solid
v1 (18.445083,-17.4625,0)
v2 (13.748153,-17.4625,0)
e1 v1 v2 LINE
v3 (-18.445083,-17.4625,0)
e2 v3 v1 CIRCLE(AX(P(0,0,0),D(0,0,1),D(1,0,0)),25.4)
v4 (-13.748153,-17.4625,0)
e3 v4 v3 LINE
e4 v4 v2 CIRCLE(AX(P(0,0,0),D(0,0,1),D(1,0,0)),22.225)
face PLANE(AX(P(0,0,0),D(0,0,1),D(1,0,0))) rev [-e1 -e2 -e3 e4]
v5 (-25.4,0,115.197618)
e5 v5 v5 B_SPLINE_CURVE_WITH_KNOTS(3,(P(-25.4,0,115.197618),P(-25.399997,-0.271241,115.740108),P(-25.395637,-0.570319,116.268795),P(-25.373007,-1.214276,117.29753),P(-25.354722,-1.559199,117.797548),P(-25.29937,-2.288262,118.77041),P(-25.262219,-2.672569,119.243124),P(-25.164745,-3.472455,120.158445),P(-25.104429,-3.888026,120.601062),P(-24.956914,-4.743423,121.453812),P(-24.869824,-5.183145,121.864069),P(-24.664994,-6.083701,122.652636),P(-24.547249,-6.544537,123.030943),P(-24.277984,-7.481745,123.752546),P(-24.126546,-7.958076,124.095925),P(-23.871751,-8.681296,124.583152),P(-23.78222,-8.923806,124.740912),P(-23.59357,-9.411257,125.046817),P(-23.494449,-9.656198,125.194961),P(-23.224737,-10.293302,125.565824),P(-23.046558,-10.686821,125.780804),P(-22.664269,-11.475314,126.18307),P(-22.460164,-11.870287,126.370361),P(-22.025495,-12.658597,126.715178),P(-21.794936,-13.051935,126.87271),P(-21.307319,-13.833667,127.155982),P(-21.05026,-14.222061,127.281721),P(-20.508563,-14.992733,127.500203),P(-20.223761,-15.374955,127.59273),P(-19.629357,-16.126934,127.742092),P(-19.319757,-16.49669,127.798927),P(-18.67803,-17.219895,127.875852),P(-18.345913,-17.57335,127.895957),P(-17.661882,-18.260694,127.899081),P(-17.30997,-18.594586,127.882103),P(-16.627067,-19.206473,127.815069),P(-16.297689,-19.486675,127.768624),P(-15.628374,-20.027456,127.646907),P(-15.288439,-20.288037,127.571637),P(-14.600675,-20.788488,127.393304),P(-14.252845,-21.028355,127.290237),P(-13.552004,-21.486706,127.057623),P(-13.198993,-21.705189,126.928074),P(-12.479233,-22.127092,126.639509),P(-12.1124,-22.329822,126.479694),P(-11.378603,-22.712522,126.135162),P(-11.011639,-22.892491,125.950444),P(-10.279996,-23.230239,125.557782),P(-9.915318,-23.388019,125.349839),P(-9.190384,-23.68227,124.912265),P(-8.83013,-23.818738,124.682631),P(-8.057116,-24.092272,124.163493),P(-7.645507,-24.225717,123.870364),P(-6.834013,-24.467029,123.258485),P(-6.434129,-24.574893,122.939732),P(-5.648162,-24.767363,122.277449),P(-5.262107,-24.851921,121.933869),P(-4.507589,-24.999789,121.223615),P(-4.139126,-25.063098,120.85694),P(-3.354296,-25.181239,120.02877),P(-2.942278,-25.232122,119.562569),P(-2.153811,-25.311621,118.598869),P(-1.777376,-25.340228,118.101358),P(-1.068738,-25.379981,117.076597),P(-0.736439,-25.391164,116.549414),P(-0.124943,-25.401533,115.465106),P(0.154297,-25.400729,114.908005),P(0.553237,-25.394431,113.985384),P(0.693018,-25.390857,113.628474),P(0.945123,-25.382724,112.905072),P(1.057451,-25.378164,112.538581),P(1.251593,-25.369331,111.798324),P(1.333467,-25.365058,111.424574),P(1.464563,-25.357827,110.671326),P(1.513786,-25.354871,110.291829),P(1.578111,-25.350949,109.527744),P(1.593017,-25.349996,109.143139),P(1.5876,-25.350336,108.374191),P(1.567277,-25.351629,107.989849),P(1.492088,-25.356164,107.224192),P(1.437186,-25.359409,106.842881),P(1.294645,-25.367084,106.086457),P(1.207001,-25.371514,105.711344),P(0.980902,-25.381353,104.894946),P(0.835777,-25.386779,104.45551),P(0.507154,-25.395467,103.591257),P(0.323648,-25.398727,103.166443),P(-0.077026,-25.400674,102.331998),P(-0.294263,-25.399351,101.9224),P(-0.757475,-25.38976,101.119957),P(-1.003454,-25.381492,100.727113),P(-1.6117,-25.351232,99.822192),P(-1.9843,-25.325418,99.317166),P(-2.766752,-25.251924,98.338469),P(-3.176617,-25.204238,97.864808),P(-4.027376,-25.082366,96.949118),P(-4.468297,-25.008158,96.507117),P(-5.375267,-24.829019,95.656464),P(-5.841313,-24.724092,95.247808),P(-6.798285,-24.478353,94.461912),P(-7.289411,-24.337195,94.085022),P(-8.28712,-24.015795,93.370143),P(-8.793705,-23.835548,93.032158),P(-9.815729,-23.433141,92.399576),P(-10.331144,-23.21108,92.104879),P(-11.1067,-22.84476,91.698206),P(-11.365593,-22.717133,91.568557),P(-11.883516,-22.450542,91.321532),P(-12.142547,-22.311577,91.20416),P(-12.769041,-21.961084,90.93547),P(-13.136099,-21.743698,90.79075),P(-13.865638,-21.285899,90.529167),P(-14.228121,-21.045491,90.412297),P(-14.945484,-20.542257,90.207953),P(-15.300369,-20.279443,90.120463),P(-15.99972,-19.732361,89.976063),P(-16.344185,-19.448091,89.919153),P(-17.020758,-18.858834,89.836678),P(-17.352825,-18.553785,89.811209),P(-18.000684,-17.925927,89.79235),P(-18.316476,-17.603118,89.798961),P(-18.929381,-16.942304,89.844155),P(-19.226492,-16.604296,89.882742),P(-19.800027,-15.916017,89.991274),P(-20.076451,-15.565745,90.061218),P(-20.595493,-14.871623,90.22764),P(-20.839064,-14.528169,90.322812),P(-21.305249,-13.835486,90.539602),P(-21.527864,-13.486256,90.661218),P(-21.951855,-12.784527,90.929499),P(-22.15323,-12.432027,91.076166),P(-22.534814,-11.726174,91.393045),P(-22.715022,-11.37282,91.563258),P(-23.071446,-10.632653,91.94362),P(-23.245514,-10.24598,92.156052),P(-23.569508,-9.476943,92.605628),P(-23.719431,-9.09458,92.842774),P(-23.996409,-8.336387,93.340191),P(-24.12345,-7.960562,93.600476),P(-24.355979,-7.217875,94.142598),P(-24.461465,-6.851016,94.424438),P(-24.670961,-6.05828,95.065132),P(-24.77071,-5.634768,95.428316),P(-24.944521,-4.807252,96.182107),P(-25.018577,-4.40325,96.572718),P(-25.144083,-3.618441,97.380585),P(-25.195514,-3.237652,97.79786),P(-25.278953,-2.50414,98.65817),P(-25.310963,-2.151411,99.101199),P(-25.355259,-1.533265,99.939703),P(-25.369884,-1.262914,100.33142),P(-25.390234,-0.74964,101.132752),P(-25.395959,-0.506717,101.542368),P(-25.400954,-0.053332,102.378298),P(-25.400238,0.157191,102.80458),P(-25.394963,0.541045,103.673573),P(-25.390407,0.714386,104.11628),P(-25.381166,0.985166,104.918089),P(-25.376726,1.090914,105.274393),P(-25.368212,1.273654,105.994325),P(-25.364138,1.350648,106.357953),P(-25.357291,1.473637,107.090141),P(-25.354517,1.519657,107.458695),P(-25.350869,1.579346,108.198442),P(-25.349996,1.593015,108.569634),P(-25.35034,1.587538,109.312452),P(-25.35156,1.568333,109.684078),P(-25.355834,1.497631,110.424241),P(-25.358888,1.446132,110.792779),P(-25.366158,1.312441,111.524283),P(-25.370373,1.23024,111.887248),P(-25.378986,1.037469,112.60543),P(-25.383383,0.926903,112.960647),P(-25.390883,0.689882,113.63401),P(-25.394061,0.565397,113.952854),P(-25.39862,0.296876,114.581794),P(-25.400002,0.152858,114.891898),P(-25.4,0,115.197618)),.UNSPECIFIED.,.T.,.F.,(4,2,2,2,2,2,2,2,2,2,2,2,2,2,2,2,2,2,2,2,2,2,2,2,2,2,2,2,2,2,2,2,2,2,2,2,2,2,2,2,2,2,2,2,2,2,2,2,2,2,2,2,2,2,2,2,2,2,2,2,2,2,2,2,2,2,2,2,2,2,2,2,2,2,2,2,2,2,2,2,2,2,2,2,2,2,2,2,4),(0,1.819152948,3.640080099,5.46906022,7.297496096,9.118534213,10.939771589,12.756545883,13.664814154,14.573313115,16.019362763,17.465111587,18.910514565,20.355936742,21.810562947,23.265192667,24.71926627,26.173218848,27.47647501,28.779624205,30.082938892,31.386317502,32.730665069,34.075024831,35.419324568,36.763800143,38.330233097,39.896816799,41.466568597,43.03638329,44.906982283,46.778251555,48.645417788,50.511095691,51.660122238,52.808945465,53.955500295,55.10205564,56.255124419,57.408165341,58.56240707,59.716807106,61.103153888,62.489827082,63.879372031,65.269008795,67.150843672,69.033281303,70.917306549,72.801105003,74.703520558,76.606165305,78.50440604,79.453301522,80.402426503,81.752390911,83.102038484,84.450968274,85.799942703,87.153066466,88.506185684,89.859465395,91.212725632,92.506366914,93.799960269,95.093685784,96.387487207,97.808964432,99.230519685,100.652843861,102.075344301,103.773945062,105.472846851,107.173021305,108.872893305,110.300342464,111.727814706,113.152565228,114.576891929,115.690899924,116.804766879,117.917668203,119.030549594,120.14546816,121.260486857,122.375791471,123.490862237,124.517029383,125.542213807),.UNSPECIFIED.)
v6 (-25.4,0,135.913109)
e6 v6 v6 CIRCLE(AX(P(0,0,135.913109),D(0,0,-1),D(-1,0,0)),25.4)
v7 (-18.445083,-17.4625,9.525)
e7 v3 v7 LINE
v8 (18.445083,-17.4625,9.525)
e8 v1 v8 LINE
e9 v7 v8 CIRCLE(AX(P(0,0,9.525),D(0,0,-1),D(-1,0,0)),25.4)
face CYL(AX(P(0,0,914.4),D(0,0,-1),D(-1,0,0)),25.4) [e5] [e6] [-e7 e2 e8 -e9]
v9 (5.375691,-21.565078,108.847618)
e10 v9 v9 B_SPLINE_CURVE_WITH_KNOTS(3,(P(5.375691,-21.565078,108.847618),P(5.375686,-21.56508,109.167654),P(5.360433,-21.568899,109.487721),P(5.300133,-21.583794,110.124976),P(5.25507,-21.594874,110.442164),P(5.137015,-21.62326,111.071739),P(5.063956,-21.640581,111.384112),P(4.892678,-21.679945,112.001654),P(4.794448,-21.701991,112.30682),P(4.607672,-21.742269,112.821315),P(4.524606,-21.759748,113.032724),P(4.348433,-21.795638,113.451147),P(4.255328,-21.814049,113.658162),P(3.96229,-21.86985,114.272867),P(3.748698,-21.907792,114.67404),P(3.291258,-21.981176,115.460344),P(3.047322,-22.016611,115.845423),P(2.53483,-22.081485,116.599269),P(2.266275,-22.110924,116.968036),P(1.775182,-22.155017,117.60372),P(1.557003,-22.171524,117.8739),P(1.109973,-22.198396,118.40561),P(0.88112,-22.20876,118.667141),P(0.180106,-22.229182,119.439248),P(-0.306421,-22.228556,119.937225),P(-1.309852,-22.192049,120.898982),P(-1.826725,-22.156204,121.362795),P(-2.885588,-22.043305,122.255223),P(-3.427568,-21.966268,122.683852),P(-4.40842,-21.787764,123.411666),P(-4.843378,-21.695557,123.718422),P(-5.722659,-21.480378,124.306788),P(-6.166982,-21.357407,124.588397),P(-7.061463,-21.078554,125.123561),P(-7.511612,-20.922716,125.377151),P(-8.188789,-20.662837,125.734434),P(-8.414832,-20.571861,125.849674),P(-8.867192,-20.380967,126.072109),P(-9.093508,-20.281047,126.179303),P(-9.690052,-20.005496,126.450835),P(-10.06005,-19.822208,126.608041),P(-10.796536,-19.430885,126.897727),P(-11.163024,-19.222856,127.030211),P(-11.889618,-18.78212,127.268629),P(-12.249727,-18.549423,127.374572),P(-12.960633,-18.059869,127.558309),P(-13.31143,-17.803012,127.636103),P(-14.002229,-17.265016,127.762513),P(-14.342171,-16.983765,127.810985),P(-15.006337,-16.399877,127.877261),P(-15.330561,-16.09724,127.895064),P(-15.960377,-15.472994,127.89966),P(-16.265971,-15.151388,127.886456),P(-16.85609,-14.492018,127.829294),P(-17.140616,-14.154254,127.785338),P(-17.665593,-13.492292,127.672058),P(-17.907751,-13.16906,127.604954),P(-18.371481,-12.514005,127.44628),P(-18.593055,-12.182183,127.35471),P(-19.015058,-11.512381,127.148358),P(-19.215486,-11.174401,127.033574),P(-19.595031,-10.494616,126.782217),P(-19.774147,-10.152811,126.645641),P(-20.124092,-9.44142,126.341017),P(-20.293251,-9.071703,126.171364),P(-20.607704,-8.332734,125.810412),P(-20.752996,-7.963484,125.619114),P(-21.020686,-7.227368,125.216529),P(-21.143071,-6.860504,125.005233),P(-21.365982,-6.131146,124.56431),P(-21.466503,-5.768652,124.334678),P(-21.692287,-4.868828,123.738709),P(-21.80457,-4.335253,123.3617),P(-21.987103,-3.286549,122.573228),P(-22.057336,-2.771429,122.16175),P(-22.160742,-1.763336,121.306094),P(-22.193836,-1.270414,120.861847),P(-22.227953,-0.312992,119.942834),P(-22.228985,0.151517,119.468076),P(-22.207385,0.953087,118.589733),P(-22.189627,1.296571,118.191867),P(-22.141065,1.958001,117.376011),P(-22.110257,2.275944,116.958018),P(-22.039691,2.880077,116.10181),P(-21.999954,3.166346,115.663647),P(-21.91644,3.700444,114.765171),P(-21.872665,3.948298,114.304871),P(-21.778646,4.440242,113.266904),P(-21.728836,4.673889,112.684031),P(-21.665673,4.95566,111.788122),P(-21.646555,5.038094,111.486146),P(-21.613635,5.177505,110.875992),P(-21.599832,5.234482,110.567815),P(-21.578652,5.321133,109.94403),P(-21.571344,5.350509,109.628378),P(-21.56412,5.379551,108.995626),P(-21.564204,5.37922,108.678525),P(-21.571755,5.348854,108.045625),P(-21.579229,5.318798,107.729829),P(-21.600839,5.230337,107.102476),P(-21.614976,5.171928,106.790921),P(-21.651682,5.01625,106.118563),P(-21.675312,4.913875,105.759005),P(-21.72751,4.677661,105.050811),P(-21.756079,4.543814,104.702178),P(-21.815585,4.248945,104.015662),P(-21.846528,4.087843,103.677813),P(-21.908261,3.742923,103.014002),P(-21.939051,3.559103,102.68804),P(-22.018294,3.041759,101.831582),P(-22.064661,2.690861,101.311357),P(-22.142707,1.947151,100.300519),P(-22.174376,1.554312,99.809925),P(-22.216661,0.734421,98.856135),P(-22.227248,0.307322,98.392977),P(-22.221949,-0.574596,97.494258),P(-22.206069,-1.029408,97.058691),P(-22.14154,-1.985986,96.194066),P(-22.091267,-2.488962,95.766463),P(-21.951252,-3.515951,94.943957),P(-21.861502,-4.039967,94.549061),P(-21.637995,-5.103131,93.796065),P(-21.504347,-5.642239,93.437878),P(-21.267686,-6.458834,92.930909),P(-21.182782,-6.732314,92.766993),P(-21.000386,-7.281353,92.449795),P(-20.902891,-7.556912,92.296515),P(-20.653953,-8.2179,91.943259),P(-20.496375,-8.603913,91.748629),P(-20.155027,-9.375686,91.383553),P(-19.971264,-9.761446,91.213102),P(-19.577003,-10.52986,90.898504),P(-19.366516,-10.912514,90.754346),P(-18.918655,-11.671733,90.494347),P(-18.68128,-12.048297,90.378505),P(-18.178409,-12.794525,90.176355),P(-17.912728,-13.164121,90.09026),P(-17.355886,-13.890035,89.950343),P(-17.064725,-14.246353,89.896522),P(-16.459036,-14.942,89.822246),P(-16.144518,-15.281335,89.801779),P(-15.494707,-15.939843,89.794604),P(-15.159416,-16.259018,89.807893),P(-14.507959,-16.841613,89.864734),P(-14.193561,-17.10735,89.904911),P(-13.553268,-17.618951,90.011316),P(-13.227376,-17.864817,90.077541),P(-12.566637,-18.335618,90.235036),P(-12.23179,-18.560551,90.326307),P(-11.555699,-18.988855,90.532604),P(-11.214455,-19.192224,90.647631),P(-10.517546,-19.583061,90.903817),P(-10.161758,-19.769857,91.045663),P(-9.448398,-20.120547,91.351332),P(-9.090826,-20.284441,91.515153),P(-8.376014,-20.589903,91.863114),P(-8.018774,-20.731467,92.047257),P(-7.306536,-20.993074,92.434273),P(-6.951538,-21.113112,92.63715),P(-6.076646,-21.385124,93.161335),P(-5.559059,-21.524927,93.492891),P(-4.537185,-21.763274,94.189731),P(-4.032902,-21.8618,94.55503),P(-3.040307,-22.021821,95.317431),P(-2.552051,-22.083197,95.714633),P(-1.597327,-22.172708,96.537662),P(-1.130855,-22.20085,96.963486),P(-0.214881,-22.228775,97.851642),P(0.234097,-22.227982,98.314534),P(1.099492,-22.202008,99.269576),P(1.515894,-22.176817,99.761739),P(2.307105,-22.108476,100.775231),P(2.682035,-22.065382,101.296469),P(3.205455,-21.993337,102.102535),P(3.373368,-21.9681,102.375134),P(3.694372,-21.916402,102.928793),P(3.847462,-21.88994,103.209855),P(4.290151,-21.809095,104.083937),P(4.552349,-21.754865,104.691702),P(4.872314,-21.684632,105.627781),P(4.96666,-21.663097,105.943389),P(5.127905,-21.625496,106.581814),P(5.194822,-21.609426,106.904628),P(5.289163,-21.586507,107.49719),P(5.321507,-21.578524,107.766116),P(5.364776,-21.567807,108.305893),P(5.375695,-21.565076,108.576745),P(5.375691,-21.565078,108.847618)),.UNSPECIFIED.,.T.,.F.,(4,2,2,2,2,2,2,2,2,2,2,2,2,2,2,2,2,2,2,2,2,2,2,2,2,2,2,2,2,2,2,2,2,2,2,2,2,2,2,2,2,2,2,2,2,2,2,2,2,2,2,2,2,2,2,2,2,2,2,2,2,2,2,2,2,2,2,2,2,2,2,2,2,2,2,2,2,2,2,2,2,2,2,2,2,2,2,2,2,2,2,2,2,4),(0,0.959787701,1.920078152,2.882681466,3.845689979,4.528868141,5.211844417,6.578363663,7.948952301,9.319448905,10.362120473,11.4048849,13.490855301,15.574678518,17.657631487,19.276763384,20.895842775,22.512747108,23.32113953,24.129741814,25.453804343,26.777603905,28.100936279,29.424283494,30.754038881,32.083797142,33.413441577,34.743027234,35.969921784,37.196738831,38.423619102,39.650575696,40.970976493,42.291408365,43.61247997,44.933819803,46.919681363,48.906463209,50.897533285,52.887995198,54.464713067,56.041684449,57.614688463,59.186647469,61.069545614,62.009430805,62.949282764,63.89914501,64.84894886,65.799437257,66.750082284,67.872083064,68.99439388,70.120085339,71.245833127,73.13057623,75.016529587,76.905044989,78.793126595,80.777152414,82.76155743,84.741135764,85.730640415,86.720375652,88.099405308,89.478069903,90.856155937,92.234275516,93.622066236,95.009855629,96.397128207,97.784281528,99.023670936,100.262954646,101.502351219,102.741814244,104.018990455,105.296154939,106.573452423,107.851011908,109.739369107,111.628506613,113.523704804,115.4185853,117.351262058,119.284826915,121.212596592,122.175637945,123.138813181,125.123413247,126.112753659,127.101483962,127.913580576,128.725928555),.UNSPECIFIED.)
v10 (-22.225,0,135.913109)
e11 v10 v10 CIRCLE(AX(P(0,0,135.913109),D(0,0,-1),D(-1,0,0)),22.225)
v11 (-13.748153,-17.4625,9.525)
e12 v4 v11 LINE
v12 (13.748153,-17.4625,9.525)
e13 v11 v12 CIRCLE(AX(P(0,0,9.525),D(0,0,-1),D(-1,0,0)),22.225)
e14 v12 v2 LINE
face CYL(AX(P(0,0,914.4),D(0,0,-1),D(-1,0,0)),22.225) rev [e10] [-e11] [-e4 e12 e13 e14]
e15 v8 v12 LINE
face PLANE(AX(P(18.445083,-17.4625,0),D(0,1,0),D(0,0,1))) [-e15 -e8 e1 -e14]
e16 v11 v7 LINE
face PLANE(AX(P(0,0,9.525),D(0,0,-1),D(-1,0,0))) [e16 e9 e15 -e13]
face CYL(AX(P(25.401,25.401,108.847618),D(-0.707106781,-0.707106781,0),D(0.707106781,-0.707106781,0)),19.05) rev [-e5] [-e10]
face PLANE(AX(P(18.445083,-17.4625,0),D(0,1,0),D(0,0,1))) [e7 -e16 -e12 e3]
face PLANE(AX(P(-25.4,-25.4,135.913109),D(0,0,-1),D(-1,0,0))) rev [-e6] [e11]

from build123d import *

# Parameters (mm, degrees)
SKETCH1_R               = 25.4
SKETCH1_R_2             = 22.225
BOSS_EXTRUDE1_DEPTH     = 914.4
CUT_EXTRUDE1_START      = -152.4
SKETCH2_R               = 25.4
CUT_EXTRUDE1_DEPTH      = 763.70528356
CUT_EXTRUDE2_DEPTH      = 148.321368528
SKETCH4_W               = 50.8
SKETCH4_H               = 16.486891384
CUT_EXTRUDE3_DEPTH      = 163.639355631
CUT_EXTRUDE4_REACH      = 151.106
CUT_EXTRUDE4_END_RADIUS = 22.225
SKETCH5_R               = 19.05


with BuildPart() as part:
    # Sketch1 → Boss-Extrude1 (new body)
    with BuildSketch(Plane.XY):
        Circle(SKETCH1_R)
        Circle(SKETCH1_R_2, mode=Mode.SUBTRACT)
    extrude(amount=BOSS_EXTRUDE1_DEPTH)

    # Sketch2 → Cut-Extrude1 (cut, through all)
    with BuildSketch(Plane(origin=(0, 0, 0), x_dir=(-1, 0, 0), z_dir=(0, 0, -1)).offset(CUT_EXTRUDE1_START)):
        Circle(SKETCH2_R)
    extrude(amount=-CUT_EXTRUDE1_DEPTH, mode=Mode.SUBTRACT)

    # Sketch3 → Cut-Extrude2 (cut, through all)
    with BuildSketch(Plane(origin=(0, 0, 9.525), x_dir=(-1, 0, 0), z_dir=(0, 0, -1))):
        with BuildLine():
            Line((-18.445083186, -17.4625), (18.445083186, -17.4625))
            ThreePointArc((18.445083186, -17.4625), (0, 25.4), (-18.445083186, -17.4625))
        make_face()
    extrude(amount=CUT_EXTRUDE2_DEPTH, mode=Mode.SUBTRACT)

    # Sketch4 → Cut-Extrude3 (cut, through all)
    with BuildSketch(Plane(origin=(0, 25.4, 0), x_dir=(1, 0, 0), z_dir=(0, 1, 0))):
        with Locations((0, -144.156554308)):
            Rectangle(SKETCH4_W, SKETCH4_H)
    extrude(amount=-CUT_EXTRUDE3_DEPTH, mode=Mode.SUBTRACT)

    # Cut-Extrude4: up to this cylinder (the profile starts outside it)
    cut_extrude4_end = Plane(origin=(0, 0, 108.847618), z_dir=(0, 0, -1)) * Cylinder(CUT_EXTRUDE4_END_RADIUS, 347.662, mode=Mode.PRIVATE)
    # Sketch5 → Cut-Extrude4 (cut, up to the surface)
    with BuildSketch(Plane(origin=(-17.960512242, -17.960512242, 0), x_dir=(0, 0, -1), z_dir=(-0.7071067811865464, -0.7071067811865488, 0)), mode=Mode.PRIVATE) as cut_extrude4_sk1:
        with Locations(Location((-108.847617901, 0, 0), (0, 0, 90))):
            Circle(SKETCH5_R)
    cut_extrude4_tool1 = extrude(cut_extrude4_sk1.sketch, amount=-CUT_EXTRUDE4_REACH, mode=Mode.PRIVATE) - cut_extrude4_end
    add(cut_extrude4_tool1.solids().sort_by_distance((-17.960512, -17.960512, 108.847618))[0], mode=Mode.SUBTRACT)


solid = part.part
